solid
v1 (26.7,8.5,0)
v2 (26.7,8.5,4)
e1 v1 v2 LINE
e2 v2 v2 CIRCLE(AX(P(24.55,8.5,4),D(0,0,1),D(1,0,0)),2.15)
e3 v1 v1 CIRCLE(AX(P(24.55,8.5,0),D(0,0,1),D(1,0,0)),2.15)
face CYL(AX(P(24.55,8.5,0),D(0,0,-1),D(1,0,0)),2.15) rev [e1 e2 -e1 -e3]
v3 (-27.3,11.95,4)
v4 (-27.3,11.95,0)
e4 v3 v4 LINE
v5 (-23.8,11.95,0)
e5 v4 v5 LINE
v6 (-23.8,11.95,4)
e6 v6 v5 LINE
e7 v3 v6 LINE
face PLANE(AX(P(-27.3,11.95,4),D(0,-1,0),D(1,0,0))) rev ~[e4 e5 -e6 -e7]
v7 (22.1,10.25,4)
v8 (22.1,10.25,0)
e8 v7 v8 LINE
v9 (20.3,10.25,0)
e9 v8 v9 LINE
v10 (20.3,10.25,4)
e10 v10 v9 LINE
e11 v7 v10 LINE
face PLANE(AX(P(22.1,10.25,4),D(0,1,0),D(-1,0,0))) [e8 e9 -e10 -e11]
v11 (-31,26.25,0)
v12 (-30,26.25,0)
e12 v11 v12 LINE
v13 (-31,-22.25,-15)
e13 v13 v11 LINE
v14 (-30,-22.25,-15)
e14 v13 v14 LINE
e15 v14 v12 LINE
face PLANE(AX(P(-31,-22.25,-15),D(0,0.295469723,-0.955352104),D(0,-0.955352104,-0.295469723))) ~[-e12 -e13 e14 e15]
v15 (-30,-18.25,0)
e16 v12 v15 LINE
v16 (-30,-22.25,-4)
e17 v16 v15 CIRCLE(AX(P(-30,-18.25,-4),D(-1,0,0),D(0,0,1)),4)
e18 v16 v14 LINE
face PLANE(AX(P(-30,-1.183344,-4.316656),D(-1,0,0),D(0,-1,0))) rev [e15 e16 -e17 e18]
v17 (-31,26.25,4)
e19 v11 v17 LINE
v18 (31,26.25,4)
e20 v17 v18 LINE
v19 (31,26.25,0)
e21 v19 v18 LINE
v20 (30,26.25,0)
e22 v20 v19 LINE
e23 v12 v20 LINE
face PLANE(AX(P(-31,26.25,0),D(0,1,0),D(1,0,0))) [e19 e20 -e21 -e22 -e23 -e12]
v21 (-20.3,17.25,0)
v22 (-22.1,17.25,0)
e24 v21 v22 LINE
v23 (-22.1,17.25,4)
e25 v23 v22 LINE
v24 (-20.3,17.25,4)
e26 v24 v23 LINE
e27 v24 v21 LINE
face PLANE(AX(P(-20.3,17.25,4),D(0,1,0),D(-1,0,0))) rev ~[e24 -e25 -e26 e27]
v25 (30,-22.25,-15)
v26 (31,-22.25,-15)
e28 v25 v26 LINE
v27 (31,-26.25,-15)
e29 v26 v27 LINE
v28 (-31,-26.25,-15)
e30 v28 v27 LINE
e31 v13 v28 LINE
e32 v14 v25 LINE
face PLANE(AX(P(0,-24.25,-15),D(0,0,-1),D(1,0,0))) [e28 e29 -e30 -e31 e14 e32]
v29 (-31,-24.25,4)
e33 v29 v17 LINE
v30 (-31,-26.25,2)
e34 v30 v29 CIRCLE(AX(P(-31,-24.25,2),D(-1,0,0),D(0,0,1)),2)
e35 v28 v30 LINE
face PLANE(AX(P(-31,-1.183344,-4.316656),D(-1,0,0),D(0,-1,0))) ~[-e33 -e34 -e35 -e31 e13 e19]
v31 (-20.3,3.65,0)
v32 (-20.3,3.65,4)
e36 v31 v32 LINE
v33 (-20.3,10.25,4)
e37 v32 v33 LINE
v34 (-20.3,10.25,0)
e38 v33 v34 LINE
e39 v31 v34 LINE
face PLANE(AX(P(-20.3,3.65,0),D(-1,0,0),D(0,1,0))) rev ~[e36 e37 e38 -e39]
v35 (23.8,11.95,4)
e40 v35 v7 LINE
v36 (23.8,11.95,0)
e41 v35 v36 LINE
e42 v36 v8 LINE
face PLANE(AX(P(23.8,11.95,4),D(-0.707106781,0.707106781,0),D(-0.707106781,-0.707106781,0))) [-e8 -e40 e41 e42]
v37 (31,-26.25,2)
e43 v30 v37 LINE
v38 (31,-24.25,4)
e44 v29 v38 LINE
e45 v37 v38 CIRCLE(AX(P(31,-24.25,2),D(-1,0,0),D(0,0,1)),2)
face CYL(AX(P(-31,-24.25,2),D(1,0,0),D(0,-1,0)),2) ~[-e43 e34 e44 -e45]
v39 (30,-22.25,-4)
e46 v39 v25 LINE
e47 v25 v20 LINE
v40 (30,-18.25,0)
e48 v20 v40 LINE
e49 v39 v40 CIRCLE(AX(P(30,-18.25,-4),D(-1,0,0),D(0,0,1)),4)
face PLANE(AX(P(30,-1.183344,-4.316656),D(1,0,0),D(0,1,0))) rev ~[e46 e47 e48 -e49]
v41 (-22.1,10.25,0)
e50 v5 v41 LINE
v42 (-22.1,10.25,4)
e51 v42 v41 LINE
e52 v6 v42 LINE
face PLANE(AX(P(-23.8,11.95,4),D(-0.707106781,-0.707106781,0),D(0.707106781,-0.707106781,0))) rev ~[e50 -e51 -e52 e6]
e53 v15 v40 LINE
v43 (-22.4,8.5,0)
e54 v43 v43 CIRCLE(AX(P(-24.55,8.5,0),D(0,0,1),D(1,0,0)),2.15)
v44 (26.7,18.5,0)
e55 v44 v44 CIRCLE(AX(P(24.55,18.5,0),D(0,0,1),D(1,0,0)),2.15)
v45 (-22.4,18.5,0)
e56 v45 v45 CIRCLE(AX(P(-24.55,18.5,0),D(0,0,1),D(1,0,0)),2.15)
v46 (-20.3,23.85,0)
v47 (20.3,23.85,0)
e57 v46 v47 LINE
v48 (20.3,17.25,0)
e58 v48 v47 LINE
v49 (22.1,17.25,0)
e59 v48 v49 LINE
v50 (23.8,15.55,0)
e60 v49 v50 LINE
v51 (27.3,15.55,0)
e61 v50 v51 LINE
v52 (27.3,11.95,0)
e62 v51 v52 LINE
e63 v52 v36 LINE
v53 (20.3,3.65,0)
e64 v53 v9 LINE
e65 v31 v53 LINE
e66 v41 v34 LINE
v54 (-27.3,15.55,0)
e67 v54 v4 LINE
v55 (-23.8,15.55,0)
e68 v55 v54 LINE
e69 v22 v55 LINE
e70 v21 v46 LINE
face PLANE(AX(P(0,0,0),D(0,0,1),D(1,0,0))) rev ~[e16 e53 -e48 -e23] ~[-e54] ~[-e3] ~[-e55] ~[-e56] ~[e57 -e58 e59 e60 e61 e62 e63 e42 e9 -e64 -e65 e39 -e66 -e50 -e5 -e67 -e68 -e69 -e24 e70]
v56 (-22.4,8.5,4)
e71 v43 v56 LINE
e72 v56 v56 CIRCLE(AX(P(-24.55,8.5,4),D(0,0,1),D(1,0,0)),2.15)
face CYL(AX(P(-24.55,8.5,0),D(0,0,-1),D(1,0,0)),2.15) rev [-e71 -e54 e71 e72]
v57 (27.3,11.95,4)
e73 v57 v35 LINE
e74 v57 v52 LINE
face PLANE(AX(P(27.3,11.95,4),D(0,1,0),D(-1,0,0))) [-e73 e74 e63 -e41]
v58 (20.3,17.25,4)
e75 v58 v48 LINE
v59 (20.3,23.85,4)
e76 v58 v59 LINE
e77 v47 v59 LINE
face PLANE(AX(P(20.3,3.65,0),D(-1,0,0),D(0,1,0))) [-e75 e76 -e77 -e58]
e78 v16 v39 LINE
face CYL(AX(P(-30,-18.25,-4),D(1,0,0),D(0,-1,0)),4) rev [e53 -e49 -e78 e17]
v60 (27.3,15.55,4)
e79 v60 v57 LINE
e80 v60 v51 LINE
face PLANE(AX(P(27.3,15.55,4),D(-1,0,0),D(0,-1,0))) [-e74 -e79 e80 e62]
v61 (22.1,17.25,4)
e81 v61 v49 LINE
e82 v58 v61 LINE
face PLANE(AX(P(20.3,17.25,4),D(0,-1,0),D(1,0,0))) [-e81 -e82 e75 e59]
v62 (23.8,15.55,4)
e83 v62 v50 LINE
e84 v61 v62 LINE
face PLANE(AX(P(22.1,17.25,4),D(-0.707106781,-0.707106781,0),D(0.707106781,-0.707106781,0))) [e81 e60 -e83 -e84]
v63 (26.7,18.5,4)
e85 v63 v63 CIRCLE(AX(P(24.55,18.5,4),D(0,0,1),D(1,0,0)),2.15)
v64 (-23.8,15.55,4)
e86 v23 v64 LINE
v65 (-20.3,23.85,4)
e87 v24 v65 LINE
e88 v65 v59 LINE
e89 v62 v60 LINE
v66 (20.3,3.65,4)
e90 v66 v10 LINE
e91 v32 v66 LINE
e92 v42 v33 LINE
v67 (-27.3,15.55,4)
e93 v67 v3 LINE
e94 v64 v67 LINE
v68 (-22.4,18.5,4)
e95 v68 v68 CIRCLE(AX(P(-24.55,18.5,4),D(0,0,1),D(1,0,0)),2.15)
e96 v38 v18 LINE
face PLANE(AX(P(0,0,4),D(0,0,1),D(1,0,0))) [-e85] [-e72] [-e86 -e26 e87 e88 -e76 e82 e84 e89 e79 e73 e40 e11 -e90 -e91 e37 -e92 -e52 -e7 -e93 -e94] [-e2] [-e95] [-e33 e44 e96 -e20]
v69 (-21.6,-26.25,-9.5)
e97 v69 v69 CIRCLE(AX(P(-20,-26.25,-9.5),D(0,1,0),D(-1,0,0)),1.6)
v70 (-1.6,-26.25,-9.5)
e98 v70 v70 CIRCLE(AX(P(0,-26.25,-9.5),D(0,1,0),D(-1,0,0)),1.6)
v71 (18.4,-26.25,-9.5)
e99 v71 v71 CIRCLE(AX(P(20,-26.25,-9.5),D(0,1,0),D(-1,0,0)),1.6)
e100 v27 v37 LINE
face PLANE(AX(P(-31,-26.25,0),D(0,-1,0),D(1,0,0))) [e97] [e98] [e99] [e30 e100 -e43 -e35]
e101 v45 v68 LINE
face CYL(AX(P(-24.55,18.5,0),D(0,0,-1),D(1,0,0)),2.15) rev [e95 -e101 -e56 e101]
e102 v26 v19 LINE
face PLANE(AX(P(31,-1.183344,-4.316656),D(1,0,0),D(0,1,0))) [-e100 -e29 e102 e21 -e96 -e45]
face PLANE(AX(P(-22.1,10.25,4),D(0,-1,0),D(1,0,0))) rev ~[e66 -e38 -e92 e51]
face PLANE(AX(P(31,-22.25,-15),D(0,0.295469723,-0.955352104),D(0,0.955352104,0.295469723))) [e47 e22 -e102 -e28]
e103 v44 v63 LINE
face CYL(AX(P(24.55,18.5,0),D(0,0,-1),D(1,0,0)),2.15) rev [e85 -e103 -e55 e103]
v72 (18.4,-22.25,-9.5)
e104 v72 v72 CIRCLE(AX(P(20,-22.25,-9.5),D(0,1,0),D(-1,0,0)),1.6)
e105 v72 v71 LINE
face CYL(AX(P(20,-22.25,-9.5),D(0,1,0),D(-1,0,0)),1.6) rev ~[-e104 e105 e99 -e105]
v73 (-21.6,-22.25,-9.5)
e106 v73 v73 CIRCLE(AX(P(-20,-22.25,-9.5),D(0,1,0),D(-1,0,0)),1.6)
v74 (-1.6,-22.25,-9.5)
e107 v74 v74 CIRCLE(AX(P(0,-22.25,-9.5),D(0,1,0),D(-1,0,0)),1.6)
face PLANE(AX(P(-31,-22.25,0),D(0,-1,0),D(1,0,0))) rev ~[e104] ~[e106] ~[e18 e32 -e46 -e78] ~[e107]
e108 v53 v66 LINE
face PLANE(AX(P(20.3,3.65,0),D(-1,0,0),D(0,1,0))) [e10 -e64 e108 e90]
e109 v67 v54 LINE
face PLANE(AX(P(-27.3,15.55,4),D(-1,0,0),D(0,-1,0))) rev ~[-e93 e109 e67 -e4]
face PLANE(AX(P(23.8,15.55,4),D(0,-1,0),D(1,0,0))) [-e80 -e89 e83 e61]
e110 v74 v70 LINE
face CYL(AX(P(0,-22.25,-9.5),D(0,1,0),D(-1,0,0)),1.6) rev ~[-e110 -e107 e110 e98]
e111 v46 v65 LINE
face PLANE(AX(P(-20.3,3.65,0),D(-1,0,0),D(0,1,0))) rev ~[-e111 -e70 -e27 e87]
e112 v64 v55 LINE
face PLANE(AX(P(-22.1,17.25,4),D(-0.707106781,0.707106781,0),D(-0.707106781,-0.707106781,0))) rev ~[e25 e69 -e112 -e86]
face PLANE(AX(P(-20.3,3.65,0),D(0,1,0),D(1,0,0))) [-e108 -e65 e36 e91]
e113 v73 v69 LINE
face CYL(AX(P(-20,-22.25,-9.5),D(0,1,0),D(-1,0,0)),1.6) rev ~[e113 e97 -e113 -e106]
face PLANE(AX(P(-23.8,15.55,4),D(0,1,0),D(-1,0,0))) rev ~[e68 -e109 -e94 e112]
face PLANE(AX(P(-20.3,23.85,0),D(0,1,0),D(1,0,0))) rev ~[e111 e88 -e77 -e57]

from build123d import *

# Parameters (mm, degrees)
SKETCH_W        = 62
SKETCH_H        = 52.5
SKETCH_R        = 2.15
SKETCH_W_2      = 40.6
SKETCH_H_2      = 20.2
PAD_DEPTH       = 4
SKETCH001_W     = 62
SKETCH001_H     = 4
PAD001_DEPTH    = 15
PAD002_DEPTH    = 1
FILLET_R        = 4
SKETCH003_R     = 1.6
POCKET_DEPTH    = 4.001
POCKET001_DEPTH = 19.001
FILLET001_R     = 2


with BuildPart() as part:
    # Sketch → Pad (new body)
    with BuildSketch(Plane.XY):
        Rectangle(SKETCH_W, SKETCH_H)
        with Locations((-24.55, 18.5)):
            Circle(SKETCH_R, mode=Mode.SUBTRACT)
        with Locations((-24.55, 8.5)):
            Circle(SKETCH_R, mode=Mode.SUBTRACT)
        with Locations((24.55, 18.5)):
            Circle(SKETCH_R, mode=Mode.SUBTRACT)
        with Locations((24.55, 8.5)):
            Circle(SKETCH_R, mode=Mode.SUBTRACT)
        with Locations((0, 13.75)):
            Rectangle(SKETCH_W_2, SKETCH_H_2, mode=Mode.SUBTRACT)
    extrude(amount=PAD_DEPTH)

    # Sketch001 (on Face13 of Pad) → Pad001 (join)
    with BuildSketch(Plane(origin=(0, 0, 0), x_dir=(1, 0, 0), z_dir=(0, 0, -1))):
        with Locations((0, 24.25)):
            Rectangle(SKETCH001_W, SKETCH001_H)
    extrude(amount=PAD001_DEPTH)

    # Sketch002 (on Face16 of Pad001) → Pad002 (join)
    with BuildSketch(Plane.YZ.offset(31)):
        Polygon((-22.25, 0), (-22.25, -15), (26.25, 0), align=None)
    pad002 = extrude(amount=-PAD002_DEPTH)

    # Mirrored: Pad002 across YZ
    add(pad002.mirror(Plane.YZ))

    # Fillet
    fillet_edges = [part.edges().sort_by_distance(p)[0] for p in [
        (0, -22.25, 0),
    ]]
    fillet(fillet_edges, radius=FILLET_R)

    # Sketch003 (on Face14 of Fillet) → Pocket (cut, through all)
    with BuildSketch(Plane(origin=(0, -22.25, 0), x_dir=(-1, 0, 0), z_dir=(0, 1, 0))):
        with Locations((-20, -9.5)):
            Circle(SKETCH003_R)
        with Locations((20, -9.5)):
            Circle(SKETCH003_R)
        with Locations((0, -9.5)):
            Circle(SKETCH003_R)
    extrude(amount=-POCKET_DEPTH, mode=Mode.SUBTRACT)

    # Sketch005 (on Face19 of Pocket) → Pocket001 (cut, through all)
    with BuildSketch(Plane.XY.offset(4)):
        Polygon((-20.3, 17.25), (-22.1, 17.25), (-23.8, 15.55), (-27.3, 15.55), (-27.3, 11.95), (-23.8, 11.95), (-22.1, 10.25), (-20.3, 10.25), align=None)
        Polygon((20.3, 17.25), (22.1, 17.25), (23.8, 15.55), (27.3, 15.55), (27.3, 11.95), (23.8, 11.95), (22.1, 10.25), (20.3, 10.25), align=None)
    extrude(amount=-POCKET001_DEPTH, mode=Mode.SUBTRACT)

    # Fillet001
    fillet001_edges = [part.edges().sort_by_distance(p)[0] for p in [
        (0, -26.25, 4),
    ]]
    fillet(fillet001_edges, radius=FILLET001_R)


solid = part.part
